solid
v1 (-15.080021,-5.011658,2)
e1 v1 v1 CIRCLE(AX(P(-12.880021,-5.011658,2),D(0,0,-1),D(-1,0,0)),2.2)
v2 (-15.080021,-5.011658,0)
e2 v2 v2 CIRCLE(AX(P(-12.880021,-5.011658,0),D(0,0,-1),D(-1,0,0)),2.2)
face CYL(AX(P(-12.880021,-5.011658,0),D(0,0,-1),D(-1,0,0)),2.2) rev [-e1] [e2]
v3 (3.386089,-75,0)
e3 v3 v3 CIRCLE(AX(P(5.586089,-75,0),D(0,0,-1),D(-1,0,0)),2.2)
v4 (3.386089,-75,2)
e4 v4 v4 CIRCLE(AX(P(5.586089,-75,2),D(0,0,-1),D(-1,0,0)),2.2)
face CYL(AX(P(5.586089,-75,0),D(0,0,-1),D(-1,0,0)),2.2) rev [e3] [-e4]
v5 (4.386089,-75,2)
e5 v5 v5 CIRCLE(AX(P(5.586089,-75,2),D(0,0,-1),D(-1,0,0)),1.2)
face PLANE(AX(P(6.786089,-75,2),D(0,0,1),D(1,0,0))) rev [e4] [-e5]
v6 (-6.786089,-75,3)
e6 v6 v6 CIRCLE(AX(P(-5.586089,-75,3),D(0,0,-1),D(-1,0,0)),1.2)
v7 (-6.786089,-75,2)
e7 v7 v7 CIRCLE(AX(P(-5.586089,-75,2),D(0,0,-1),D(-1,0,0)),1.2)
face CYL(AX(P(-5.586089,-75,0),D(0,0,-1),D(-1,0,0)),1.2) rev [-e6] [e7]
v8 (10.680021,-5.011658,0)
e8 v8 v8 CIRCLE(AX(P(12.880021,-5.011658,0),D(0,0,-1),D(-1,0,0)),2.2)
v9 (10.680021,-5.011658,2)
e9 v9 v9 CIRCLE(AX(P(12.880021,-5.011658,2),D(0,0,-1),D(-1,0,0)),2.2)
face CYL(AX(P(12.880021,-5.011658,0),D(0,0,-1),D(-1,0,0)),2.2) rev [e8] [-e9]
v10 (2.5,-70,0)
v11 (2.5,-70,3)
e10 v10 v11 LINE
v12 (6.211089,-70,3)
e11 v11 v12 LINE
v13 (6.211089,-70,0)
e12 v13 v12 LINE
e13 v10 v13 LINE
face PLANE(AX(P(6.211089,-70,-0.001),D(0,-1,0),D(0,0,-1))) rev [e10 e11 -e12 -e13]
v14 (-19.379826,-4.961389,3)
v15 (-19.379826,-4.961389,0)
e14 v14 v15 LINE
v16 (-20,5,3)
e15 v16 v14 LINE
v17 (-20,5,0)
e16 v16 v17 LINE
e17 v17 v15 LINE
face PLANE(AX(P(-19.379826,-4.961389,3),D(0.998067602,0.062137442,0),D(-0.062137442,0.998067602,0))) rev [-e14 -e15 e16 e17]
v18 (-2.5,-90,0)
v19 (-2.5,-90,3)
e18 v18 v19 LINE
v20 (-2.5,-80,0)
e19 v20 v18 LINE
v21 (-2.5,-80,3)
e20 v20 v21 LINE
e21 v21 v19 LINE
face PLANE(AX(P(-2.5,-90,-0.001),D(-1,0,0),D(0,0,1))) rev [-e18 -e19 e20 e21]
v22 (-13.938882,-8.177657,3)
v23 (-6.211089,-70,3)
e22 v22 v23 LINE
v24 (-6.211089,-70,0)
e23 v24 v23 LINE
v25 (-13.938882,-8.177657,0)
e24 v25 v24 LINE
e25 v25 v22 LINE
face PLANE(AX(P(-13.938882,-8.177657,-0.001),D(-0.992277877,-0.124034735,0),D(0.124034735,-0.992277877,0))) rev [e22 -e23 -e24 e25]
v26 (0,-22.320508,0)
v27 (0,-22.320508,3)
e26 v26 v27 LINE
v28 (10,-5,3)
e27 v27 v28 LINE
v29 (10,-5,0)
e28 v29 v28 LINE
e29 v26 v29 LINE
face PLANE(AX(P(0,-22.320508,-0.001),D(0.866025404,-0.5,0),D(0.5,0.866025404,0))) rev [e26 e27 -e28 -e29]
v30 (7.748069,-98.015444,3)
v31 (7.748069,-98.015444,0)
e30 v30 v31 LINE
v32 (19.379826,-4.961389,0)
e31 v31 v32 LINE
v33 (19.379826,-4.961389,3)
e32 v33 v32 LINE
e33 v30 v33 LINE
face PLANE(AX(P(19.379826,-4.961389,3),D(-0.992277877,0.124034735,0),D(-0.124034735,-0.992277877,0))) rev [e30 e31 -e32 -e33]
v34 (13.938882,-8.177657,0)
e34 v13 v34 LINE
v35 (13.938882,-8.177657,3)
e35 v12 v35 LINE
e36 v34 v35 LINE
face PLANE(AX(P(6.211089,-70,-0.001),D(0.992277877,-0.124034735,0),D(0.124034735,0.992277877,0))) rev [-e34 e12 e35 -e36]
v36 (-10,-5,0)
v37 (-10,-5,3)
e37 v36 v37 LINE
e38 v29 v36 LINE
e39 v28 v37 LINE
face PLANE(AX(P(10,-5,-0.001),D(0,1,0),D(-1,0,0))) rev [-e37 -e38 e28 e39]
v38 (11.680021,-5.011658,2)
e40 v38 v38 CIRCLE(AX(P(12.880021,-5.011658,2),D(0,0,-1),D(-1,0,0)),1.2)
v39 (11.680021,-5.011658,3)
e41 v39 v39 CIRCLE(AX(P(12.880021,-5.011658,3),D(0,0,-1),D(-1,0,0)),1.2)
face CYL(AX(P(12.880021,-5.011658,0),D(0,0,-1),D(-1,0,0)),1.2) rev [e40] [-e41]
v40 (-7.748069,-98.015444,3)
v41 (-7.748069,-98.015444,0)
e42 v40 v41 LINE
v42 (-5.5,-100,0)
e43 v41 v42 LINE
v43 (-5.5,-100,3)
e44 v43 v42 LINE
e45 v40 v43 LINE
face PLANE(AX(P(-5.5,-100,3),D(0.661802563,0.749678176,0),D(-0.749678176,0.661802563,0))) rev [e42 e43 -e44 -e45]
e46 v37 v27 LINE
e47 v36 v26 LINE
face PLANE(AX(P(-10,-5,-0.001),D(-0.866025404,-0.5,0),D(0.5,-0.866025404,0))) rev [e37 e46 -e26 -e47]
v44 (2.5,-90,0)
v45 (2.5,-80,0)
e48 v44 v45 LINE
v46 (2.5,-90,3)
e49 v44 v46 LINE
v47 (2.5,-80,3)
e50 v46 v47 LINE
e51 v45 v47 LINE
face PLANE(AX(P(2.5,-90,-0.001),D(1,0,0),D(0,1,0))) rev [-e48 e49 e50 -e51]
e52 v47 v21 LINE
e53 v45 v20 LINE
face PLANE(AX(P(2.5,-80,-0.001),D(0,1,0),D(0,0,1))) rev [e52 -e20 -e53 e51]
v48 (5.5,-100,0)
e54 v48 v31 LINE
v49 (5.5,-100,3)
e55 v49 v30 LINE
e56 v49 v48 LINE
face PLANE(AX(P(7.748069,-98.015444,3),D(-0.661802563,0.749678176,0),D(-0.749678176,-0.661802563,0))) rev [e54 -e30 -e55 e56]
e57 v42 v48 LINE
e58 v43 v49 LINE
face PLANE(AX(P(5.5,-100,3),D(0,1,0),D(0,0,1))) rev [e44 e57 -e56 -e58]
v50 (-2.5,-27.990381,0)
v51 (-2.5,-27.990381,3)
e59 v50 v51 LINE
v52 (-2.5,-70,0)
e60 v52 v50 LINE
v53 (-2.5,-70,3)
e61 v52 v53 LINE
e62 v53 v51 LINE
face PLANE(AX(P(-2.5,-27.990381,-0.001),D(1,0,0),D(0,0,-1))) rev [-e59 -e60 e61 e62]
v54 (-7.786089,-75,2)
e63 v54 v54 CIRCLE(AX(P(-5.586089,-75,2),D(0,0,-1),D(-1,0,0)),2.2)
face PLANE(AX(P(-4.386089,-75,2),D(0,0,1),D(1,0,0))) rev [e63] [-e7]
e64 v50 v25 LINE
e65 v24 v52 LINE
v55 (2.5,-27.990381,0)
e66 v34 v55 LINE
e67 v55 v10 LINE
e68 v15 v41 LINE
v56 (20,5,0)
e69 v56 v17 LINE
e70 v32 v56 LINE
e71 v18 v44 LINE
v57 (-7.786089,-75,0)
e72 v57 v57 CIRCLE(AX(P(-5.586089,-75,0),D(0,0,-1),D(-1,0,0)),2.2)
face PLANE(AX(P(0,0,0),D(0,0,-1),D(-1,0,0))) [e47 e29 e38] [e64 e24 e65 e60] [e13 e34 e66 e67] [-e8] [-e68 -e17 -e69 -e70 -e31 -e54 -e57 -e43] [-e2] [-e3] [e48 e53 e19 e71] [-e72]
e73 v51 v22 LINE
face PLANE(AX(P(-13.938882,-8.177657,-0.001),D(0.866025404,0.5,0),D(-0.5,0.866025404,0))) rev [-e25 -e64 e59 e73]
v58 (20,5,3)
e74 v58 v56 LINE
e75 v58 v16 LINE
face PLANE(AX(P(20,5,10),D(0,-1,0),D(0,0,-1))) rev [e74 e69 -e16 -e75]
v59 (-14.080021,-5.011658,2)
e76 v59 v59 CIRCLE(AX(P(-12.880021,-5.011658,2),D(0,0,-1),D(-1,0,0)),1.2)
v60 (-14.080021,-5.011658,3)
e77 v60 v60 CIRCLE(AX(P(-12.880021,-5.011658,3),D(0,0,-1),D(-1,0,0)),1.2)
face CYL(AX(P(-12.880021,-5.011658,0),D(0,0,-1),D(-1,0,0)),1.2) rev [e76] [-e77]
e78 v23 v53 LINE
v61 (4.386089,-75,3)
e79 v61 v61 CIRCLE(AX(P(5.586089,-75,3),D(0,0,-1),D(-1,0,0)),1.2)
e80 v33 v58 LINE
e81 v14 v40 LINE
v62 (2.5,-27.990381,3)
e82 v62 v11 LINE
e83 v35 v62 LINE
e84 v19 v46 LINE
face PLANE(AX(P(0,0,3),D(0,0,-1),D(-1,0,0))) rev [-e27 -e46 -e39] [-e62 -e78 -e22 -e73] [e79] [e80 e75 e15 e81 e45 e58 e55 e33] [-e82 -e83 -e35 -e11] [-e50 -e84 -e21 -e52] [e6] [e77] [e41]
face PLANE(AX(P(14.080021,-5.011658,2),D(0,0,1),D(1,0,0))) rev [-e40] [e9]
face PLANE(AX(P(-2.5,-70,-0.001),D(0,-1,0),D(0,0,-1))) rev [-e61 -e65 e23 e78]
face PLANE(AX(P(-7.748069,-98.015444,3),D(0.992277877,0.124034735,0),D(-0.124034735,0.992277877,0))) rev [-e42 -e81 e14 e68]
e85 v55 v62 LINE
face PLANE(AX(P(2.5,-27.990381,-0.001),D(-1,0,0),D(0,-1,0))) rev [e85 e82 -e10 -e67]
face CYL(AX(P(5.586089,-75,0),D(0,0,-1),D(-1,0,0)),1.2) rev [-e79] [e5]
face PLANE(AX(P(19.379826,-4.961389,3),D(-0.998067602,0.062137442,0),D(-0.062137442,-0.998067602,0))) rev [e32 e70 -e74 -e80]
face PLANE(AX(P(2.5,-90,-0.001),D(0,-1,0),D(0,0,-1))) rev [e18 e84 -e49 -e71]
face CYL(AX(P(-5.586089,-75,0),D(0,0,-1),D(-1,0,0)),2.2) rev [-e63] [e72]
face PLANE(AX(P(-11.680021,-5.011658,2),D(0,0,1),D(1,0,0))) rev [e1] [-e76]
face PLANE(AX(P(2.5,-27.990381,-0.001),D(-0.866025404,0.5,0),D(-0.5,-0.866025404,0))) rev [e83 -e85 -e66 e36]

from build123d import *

# Parameters (mm, degrees)
EXTRUDE_1_DEPTH              = 3
CUT_EXTRUDE_1_REACH          = 104.025
SKETCH_2_W                   = 5
SKETCH_2_H                   = 10
HOLE_WIZARD_M2_1_D           = 2.4
HOLE_WIZARD_M2_1_CBORE_D     = 4.4
HOLE_WIZARD_M2_1_CBORE_DEPTH = 2
CUT_EXTRUDE_2_REACH          = 104.025
SKETCH_5_R                   = 4
HOLE_WIZARD_M2_2_D           = 2.4
HOLE_WIZARD_M2_2_CBORE_D     = 4.4
HOLE_WIZARD_M2_2_CBORE_DEPTH = 2
HOLE_WIZARD_M2_3_D           = 2.4
HOLE_WIZARD_M2_3_CBORE_D     = 4.4
HOLE_WIZARD_M2_3_CBORE_DEPTH = 2
CUT_EXTRUDE_3_DEPTH          = 3
HOLE_WIZARD_M2_5_D           = 2.4
HOLE_WIZARD_M2_5_CBORE_D     = 4.4
HOLE_WIZARD_M2_5_CBORE_DEPTH = 2
HOLE_WIZARD_M2_6_D           = 2.4
HOLE_WIZARD_M2_6_CBORE_D     = 4.4
HOLE_WIZARD_M2_6_CBORE_DEPTH = 2
CUT_EXTRUDE_4_DEPTH          = 10


with BuildPart() as part:
    # 草图1 → 凸台-拉伸1 (new body)
    with BuildSketch(Plane.XY):
        Polygon((20, 5), (20, 45), (19.258297735, 54.944681764), (13.241702265, 95.055318236), (7.5, 100), (-7.5, 100), (-13.241702265, 95.055318236), (-19.258297735, 54.944681764), (-20, 45), (-20, 5), (-19.379826327, -4.961389384), (-7.748069469, -98.015444247), (-5.5, -100), (5.5, -100), (7.748069469, -98.015444247), (19.379826327, -4.961389384), align=None)
    extrude(amount=EXTRUDE_1_DEPTH)

    # 草图2 → 切除-拉伸1 (cut, up to next)
    with BuildSketch(Plane.XY.offset(3), mode=Mode.PRIVATE) as cut_extrude_1_sk1:
        Polygon((10, -5), (-10, -5), (0, -22.320508076), align=None)
    cut_extrude_1_tool1 = extrude(cut_extrude_1_sk1.sketch, amount=-CUT_EXTRUDE_1_REACH, mode=Mode.PRIVATE) & part.part
    # 草图2 → 切除-拉伸1 (cut, up to next)
    with BuildSketch(Plane.XY.offset(3), mode=Mode.PRIVATE) as cut_extrude_1_sk2:
        Polygon((6.211088907, -70), (13.938881842, -8.177656525), (2.5, -27.990381057), (2.5, -70), align=None)
    cut_extrude_1_tool2 = extrude(cut_extrude_1_sk2.sketch, amount=-CUT_EXTRUDE_1_REACH, mode=Mode.PRIVATE) & part.part
    # 草图2 → 切除-拉伸1 (cut, up to next)
    with BuildSketch(Plane.XY.offset(3), mode=Mode.PRIVATE) as cut_extrude_1_sk3:
        Polygon((-13.938881842, -8.177656525), (-2.5, -27.990381057), (-2.5, -70), (-6.211088907, -70), align=None)
    cut_extrude_1_tool3 = extrude(cut_extrude_1_sk3.sketch, amount=-CUT_EXTRUDE_1_REACH, mode=Mode.PRIVATE) & part.part
    # 草图2 → 切除-拉伸1 (cut, up to next)
    with BuildSketch(Plane.XY.offset(3), mode=Mode.PRIVATE) as cut_extrude_1_sk4:
        with Locations((0, -85)):
            Rectangle(SKETCH_2_W, SKETCH_2_H)
    cut_extrude_1_tool4 = extrude(cut_extrude_1_sk4.sketch, amount=-CUT_EXTRUDE_1_REACH, mode=Mode.PRIVATE) & part.part
    add(cut_extrude_1_tool1.solids().sort_by_distance((0, -10.773503, 3))[0], mode=Mode.SUBTRACT)
    add(cut_extrude_1_tool2.solids().sort_by_distance((6.712708, -39.914502, 3))[0], mode=Mode.SUBTRACT)
    add(cut_extrude_1_tool3.solids().sort_by_distance((-6.712708, -39.914502, 3))[0], mode=Mode.SUBTRACT)
    add(cut_extrude_1_tool4.solids().sort_by_distance((0, -85, 3))[0], mode=Mode.SUBTRACT)

    # M2 凹头盖螺钉的柱形沉头孔1 (through all)
    with Locations(Plane(origin=(5.586088907, -75, 0), x_dir=(-1, 0, 0), z_dir=(0, 0, -1))):
        with Locations((0, 0), (11.172177814, 0)):
            CounterBoreHole(HOLE_WIZARD_M2_1_D / 2, HOLE_WIZARD_M2_1_CBORE_D / 2, HOLE_WIZARD_M2_1_CBORE_DEPTH)

    # 草图5 → 切除-拉伸2 (cut, up to next)
    with BuildSketch(Plane(origin=(0, 0, 0), x_dir=(-1, 0, 0), z_dir=(0, 0, -1)), mode=Mode.PRIVATE) as cut_extrude_2_sk1:
        with Locations((0, 25)):
            Circle(SKETCH_5_R)
    cut_extrude_2_tool1 = extrude(cut_extrude_2_sk1.sketch, amount=-CUT_EXTRUDE_2_REACH, mode=Mode.PRIVATE) & part.part
    add(cut_extrude_2_tool1.solids().sort_by_distance((0, 25, 0))[0], mode=Mode.SUBTRACT)

    # M2 凹头盖螺钉的柱形沉头孔2 (through all)
    with Locations(Plane(origin=(8, 25, 0), x_dir=(-1, 0, 0), z_dir=(0, 0, -1))):
        with Locations((0, 0), (8, 8), (16, 0), (8, -8)):
            CounterBoreHole(HOLE_WIZARD_M2_2_D / 2, HOLE_WIZARD_M2_2_CBORE_D / 2, HOLE_WIZARD_M2_2_CBORE_DEPTH)

    # M2 凹头盖螺钉的柱形沉头孔3 (through all)
    with Locations(Plane(origin=(12.880020708, -5.011657807, 0), x_dir=(-1, 0, 0), z_dir=(0, 0, -1))):
        with Locations((0, 0), (25.760041416, 0)):
            CounterBoreHole(HOLE_WIZARD_M2_3_D / 2, HOLE_WIZARD_M2_3_CBORE_D / 2, HOLE_WIZARD_M2_3_CBORE_DEPTH)

    # 草图10 → 切除-拉伸3 (cut)
    with BuildSketch(Plane(origin=(0, 0, 0), x_dir=(-1, 0, 0), z_dir=(0, 0, -1))):
        Polygon((-14.016935065, 56.180852205), (-10.679274874, 78.431920145), (-8.411945476, 80.068406675), (-4.470648492, 79.385634325), (-2.5, 77.04424815), (-2.5, 56.2029795), (-4.5, 54.2029795), (-12.313615971, 54.2029795), align=None)
        Polygon((-9.344020618, 87.333615184), (-8.2970205, 94.313615971), (0, 94.313615971), (8.2970205, 94.313615971), (9.344020618, 87.333615184), (7.670053032, 85.014356303), (0, 83.685631227), (-7.670053032, 85.014356303), align=None)
        Polygon((4.5, 54.2029795), (12.313615971, 54.2029795), (14.016935065, 56.180852205), (10.679274874, 78.431920145), (8.411945476, 80.068406675), (4.470648492, 79.385634325), (2.5, 77.04424815), (2.5, 56.2029795), align=None)
    extrude(amount=-CUT_EXTRUDE_3_DEPTH, mode=Mode.SUBTRACT)

    # M2 凹头盖螺钉的柱形沉头孔5 (through all)
    with Locations(Plane(origin=(0, 79.840052868, 0), x_dir=(-1, 0, 0), z_dir=(0, 0, -1))):
        with Locations((0, 0)):
            CounterBoreHole(HOLE_WIZARD_M2_5_D / 2, HOLE_WIZARD_M2_5_CBORE_D / 2, HOLE_WIZARD_M2_5_CBORE_DEPTH)

    # M2 凹头盖螺钉的柱形沉头孔6 (through all)
    with Locations(Plane(origin=(12.880020708, 14.988342193, 0), x_dir=(-1, 0, 0), z_dir=(0, 0, -1))):
        with Locations((0, 0), (25.760041416, 0)):
            CounterBoreHole(HOLE_WIZARD_M2_6_D / 2, HOLE_WIZARD_M2_6_CBORE_D / 2, HOLE_WIZARD_M2_6_CBORE_DEPTH)

    # 草图17 → 切除-拉伸4 (cut)
    with BuildSketch(Plane(origin=(0, 0, 0), x_dir=(-1, 0, 0), z_dir=(0, 0, -1))):
        Polygon((-20, 5), (20, 5), (20, 99.998273705), (7.5, 100), (-7.5, 100), (-20, 99.998273705), align=None)
    extrude(amount=-CUT_EXTRUDE_4_DEPTH, mode=Mode.SUBTRACT)


solid = part.part
